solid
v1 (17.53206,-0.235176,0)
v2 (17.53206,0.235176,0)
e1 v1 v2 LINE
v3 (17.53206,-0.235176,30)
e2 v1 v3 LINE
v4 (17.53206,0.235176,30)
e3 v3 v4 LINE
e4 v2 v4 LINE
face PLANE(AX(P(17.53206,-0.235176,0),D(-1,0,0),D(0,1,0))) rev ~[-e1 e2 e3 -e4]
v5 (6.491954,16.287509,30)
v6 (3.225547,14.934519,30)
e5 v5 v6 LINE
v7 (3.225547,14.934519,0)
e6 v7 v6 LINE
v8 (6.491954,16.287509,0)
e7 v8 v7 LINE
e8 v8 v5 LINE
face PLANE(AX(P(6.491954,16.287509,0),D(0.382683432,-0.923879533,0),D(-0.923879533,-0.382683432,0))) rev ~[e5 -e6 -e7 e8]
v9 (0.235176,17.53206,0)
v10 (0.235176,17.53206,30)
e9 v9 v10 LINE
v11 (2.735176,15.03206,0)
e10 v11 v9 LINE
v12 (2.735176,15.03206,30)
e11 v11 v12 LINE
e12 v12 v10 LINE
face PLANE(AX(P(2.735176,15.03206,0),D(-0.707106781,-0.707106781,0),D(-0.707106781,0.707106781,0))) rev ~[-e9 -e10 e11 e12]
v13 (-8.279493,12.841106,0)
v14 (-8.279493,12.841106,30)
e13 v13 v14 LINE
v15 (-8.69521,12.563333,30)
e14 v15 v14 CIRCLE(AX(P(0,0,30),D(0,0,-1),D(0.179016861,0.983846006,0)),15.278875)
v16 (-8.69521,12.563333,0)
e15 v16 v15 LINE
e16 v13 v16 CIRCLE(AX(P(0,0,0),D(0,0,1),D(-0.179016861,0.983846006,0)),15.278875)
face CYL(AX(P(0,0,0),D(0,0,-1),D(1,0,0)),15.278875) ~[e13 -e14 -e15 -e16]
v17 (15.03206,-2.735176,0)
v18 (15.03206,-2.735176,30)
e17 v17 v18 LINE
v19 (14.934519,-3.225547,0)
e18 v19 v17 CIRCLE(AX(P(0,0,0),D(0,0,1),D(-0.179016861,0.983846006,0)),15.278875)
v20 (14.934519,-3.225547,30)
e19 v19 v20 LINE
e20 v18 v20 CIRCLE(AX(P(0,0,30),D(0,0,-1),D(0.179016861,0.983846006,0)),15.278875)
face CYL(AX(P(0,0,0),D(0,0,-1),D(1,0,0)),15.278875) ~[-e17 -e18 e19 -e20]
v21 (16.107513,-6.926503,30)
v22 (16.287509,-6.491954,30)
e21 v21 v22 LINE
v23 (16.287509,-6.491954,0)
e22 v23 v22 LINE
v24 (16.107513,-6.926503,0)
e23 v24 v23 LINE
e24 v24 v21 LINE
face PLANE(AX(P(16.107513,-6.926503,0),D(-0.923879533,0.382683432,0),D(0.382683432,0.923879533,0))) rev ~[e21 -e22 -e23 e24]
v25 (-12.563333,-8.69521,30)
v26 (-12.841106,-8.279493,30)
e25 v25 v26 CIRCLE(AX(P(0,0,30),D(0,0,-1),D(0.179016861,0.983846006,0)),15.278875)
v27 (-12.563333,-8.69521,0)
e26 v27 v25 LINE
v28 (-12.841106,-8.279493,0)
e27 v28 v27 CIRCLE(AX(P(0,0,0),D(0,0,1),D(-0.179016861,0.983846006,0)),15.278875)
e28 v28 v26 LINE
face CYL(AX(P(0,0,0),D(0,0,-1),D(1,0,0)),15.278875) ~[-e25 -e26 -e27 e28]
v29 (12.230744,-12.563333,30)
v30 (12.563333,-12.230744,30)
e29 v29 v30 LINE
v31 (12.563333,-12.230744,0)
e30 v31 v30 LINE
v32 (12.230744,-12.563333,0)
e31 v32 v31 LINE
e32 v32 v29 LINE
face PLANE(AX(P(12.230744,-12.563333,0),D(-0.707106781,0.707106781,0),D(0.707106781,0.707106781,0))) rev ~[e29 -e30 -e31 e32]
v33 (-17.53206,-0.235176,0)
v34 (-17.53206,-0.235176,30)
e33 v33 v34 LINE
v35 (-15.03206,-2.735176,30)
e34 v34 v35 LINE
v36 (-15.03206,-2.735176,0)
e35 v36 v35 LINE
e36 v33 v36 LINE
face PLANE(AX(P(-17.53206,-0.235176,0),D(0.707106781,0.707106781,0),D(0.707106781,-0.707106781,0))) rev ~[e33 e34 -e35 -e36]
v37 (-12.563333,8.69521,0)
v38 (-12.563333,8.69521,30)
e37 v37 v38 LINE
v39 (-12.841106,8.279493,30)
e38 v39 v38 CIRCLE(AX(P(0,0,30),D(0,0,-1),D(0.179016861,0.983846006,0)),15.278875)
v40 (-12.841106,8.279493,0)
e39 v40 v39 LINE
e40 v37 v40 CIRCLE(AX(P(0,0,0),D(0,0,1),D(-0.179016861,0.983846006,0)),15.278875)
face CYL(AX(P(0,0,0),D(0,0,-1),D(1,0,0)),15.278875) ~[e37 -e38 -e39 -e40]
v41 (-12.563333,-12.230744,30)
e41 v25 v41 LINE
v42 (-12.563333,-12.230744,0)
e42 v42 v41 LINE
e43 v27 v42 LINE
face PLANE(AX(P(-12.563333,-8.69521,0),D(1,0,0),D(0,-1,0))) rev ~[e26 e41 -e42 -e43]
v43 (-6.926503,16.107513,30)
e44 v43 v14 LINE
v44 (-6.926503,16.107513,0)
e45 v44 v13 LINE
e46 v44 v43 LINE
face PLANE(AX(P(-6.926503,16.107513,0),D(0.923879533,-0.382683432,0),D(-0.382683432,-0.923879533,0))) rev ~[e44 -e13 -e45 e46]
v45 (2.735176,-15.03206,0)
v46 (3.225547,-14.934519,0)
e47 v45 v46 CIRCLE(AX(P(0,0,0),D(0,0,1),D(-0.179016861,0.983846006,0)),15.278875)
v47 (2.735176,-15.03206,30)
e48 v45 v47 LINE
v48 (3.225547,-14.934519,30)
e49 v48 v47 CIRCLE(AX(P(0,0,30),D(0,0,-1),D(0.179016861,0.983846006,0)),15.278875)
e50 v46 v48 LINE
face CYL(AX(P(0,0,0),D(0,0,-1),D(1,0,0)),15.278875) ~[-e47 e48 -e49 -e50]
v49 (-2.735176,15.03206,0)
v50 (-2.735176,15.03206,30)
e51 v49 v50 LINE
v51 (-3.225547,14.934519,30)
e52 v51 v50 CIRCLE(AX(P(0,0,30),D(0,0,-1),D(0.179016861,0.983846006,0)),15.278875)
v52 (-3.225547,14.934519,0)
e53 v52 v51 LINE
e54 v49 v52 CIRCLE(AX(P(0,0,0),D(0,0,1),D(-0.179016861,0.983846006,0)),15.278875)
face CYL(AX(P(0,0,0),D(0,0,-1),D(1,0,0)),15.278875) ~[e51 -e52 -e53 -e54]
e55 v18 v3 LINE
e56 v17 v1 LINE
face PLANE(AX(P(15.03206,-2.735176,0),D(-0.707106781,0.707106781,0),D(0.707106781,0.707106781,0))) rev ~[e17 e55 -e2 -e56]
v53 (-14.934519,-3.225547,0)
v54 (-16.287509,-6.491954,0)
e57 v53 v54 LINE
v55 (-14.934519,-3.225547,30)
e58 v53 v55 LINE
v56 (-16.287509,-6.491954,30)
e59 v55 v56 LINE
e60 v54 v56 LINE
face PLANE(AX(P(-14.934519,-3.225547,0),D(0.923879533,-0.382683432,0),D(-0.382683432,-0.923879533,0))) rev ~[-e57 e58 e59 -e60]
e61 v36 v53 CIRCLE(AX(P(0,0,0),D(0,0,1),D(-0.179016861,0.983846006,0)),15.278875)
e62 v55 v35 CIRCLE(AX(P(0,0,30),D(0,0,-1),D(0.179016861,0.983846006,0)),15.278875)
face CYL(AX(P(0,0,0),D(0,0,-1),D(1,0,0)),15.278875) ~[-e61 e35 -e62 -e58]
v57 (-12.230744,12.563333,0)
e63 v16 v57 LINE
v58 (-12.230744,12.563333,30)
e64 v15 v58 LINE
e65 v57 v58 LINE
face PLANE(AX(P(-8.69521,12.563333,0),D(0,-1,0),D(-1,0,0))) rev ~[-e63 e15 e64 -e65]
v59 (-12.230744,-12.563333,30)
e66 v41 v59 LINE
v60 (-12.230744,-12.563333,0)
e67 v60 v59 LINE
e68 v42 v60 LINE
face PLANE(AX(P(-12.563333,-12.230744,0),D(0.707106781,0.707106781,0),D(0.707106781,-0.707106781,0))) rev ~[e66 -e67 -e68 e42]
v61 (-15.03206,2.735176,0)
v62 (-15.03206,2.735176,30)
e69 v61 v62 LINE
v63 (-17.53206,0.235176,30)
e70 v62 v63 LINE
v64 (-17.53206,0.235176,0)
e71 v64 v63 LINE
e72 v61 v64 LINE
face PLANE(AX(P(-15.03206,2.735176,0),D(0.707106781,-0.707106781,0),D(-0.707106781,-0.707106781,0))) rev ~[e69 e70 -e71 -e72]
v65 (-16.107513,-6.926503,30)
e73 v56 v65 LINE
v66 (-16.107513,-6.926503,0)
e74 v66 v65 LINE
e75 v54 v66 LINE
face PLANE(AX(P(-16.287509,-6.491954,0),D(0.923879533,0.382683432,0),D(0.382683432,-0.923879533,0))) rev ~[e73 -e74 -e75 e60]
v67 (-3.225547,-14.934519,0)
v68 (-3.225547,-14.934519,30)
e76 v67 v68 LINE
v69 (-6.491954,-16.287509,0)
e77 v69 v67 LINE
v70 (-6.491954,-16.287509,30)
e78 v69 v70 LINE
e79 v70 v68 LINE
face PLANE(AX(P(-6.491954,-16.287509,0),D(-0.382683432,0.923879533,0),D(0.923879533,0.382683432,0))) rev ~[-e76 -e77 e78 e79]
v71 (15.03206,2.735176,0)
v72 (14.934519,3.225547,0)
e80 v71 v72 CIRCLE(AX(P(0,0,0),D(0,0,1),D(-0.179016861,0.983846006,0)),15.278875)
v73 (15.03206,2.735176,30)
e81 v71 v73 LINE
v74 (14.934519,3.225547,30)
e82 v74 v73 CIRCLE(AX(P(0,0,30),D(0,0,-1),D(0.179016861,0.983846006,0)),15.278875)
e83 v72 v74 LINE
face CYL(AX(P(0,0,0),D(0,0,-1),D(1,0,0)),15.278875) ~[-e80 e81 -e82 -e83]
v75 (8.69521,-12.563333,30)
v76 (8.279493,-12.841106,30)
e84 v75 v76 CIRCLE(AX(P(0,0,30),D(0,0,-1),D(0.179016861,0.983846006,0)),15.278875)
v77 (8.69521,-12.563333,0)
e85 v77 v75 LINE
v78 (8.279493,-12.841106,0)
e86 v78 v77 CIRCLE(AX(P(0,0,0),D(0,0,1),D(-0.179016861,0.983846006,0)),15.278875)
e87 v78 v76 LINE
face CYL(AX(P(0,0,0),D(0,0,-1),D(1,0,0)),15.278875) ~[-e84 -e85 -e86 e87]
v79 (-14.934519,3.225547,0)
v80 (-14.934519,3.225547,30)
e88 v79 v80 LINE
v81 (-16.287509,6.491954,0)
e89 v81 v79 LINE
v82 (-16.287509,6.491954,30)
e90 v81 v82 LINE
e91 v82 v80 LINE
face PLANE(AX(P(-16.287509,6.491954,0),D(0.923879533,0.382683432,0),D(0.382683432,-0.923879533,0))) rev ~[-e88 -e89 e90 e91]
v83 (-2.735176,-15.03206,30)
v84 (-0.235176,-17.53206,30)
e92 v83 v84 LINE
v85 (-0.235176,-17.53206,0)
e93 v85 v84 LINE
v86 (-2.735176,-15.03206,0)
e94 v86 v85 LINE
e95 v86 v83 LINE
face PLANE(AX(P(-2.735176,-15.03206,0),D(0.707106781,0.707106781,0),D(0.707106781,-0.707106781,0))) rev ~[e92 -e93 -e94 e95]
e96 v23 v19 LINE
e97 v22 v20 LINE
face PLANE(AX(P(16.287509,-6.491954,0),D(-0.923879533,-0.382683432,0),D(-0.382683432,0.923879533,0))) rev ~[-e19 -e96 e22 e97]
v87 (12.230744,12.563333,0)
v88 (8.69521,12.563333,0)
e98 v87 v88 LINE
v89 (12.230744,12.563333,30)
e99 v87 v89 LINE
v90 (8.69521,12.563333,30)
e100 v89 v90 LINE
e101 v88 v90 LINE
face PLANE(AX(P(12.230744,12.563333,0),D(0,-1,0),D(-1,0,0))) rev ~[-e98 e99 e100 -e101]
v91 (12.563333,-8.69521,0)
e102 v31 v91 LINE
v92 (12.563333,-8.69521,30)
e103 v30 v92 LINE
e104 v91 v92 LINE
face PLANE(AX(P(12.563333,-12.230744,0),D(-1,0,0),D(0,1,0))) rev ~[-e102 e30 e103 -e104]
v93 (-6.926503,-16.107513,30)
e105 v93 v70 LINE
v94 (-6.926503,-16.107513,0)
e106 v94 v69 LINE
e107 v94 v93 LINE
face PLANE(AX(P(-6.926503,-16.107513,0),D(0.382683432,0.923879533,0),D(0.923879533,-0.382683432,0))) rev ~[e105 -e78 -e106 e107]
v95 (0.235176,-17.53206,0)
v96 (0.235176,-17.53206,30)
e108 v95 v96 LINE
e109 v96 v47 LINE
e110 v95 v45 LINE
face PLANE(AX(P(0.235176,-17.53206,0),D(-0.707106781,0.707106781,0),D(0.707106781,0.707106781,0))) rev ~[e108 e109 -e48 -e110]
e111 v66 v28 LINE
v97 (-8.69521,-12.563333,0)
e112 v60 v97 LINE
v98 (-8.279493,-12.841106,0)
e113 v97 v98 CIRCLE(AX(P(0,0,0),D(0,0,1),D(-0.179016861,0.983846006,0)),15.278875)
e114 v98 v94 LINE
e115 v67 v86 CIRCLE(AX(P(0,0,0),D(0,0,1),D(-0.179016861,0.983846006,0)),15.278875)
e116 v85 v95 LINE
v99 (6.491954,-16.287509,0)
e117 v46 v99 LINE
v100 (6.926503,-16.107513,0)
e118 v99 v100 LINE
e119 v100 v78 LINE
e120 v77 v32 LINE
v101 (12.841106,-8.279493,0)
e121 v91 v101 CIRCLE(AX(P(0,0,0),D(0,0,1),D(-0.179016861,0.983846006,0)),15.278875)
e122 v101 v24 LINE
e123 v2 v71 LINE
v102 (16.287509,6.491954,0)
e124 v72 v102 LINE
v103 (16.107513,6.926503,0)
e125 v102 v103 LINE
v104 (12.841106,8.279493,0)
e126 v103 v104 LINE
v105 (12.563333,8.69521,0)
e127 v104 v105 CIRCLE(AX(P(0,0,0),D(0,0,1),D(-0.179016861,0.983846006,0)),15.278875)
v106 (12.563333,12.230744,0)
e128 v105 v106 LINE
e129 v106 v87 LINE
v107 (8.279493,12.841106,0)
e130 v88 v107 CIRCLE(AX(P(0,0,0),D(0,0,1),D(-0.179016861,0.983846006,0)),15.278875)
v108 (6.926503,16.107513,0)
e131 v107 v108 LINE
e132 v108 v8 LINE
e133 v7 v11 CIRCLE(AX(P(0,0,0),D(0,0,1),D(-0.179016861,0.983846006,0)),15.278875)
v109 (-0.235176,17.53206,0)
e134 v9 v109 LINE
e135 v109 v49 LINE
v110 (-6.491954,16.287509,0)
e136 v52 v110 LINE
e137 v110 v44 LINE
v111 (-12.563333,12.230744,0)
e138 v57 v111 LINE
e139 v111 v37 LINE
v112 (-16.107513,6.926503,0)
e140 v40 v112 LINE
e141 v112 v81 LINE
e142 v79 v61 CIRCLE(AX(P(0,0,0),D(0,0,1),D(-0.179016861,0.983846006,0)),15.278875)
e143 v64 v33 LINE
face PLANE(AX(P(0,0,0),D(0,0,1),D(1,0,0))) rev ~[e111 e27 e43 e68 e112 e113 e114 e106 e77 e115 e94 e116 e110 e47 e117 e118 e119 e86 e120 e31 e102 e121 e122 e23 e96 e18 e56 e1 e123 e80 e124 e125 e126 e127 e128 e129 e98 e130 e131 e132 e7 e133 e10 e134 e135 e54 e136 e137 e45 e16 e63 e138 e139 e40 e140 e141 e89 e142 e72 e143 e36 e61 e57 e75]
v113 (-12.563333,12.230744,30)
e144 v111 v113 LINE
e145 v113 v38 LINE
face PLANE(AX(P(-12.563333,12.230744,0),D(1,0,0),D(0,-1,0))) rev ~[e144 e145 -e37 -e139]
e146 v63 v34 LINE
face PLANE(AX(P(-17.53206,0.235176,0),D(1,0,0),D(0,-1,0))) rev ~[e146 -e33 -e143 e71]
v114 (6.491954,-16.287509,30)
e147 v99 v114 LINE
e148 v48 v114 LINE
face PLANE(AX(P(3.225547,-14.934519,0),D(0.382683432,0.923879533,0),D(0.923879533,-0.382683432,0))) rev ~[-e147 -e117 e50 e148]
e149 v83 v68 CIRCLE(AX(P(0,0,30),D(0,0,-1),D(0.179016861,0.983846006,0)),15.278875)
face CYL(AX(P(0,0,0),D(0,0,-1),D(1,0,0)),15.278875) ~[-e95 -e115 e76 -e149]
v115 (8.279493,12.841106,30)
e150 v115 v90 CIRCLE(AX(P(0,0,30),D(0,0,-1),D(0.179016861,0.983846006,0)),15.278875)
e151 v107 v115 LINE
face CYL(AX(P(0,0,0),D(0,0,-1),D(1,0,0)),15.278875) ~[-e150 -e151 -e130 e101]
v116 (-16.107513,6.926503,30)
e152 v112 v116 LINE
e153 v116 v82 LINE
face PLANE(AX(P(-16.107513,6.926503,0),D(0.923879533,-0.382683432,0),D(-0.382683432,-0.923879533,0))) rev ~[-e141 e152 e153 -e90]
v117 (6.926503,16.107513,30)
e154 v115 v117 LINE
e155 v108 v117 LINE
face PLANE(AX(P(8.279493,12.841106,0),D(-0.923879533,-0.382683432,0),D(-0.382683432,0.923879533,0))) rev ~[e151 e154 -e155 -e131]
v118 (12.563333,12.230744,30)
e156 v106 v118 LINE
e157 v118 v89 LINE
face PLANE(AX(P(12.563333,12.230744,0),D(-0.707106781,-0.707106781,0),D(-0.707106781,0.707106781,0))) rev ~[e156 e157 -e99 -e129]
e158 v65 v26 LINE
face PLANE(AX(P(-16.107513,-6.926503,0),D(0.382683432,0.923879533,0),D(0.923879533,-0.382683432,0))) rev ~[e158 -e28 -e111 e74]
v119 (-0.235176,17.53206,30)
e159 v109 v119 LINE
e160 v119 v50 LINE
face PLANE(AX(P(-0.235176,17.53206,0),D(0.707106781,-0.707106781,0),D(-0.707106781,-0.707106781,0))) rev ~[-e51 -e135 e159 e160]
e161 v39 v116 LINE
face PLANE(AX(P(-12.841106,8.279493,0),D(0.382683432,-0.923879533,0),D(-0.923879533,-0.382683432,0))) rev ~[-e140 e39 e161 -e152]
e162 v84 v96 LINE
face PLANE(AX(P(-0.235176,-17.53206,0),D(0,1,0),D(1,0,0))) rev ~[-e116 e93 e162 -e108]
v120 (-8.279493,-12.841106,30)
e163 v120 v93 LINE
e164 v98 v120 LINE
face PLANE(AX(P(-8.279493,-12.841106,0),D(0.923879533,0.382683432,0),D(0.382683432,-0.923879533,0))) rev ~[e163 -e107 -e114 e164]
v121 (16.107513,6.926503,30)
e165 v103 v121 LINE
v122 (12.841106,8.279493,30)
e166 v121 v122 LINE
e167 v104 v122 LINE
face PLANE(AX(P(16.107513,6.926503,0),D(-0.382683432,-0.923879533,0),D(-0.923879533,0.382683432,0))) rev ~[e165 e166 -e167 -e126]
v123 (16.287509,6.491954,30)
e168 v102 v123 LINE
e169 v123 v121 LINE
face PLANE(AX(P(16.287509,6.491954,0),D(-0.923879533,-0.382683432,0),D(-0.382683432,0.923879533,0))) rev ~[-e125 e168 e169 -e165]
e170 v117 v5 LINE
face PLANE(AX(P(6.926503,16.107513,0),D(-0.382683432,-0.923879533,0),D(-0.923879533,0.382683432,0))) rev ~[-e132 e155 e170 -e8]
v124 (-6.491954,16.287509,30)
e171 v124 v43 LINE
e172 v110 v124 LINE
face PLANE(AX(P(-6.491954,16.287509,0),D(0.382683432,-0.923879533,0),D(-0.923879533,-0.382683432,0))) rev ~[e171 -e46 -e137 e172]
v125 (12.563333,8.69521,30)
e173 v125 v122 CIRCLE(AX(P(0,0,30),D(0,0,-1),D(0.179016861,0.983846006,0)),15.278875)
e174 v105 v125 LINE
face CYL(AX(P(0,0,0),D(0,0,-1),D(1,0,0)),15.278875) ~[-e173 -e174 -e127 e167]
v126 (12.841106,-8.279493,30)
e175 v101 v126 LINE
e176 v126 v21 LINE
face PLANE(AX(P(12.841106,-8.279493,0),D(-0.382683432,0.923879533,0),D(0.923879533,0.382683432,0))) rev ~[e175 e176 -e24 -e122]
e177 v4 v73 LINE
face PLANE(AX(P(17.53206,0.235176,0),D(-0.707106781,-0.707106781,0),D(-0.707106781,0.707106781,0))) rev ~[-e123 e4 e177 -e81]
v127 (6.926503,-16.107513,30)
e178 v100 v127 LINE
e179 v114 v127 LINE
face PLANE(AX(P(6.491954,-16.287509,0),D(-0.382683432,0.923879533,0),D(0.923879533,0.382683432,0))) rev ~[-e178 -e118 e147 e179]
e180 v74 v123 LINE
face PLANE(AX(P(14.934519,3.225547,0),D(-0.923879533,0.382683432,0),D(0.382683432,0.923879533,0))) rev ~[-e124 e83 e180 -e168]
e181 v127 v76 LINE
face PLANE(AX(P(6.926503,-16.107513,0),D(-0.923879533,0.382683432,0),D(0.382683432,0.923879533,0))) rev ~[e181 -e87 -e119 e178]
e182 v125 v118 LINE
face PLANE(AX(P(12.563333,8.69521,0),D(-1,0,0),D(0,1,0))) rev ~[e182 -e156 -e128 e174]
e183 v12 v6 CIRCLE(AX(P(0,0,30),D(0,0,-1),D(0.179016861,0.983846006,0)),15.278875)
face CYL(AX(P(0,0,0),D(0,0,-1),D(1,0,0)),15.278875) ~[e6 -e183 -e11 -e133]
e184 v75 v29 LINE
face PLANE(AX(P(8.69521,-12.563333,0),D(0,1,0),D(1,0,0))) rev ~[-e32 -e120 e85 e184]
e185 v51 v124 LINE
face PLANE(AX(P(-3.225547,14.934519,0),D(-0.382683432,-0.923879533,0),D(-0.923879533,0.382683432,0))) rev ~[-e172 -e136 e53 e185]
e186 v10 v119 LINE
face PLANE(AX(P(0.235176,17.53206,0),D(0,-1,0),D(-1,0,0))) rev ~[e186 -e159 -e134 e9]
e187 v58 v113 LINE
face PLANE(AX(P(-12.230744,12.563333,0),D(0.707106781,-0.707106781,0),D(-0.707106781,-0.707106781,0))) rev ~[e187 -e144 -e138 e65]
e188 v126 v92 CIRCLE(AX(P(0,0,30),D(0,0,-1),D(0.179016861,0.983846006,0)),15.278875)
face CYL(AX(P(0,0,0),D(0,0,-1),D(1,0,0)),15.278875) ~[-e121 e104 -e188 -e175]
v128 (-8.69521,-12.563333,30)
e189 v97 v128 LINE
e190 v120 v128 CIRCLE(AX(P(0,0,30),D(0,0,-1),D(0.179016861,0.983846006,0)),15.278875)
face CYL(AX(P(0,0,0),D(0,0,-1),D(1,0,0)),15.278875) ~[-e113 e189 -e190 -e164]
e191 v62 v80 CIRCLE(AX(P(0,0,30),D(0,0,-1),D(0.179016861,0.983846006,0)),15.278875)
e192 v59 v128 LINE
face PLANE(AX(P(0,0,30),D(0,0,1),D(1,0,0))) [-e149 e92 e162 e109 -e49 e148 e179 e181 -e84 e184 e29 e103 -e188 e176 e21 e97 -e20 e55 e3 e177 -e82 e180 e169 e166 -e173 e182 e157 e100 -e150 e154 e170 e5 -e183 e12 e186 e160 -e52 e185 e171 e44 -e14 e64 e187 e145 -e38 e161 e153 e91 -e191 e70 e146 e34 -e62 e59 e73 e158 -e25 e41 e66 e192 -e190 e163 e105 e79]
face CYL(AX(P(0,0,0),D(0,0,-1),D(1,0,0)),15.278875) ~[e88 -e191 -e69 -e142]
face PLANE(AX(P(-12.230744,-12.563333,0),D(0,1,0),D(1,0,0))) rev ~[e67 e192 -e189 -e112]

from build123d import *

# Parameters (mm, degrees)
SKETCH2_R           = 15.278874537
BOSS_EXTRUDE1_DEPTH = 30
BOSS_EXTRUDE2_DEPTH = 30
CIRPATTERN1_COUNT   = 16


with BuildPart() as part:
    # Sketch2 → Boss-Extrude1 (new body)
    with BuildSketch(Plane.XY):
        Circle(SKETCH2_R)
    extrude(amount=BOSS_EXTRUDE1_DEPTH)

    # Sketch3 → Boss-Extrude2 (add)
    with BuildSketch(Plane(origin=(0, 0, 0), x_dir=(-1, 0, 0), z_dir=(0, 0, -1))):
        with BuildLine():
            Line((-2.735176163, 15.032059688), (-0.235176163, 17.532059688))
            Line((-0.235176163, 17.532059688), (0.235176163, 17.532059688))
            Line((0.235176163, 17.532059688), (2.735176163, 15.032059688))
            ThreePointArc((2.735176163, 15.032059688), (0, 15.278874537), (-2.735176163, 15.032059688))
        make_face()
    boss_extrude2 = extrude(amount=-BOSS_EXTRUDE2_DEPTH)

    # CirPattern1: Boss-Extrude2 ×16 about axis
    cirpattern1_axis = Axis((0, 0, 0), (0, 0, 1))
    for i in range(1, CIRPATTERN1_COUNT):
        add(boss_extrude2.rotate(cirpattern1_axis, i * 360 / CIRPATTERN1_COUNT))


solid = part.part
